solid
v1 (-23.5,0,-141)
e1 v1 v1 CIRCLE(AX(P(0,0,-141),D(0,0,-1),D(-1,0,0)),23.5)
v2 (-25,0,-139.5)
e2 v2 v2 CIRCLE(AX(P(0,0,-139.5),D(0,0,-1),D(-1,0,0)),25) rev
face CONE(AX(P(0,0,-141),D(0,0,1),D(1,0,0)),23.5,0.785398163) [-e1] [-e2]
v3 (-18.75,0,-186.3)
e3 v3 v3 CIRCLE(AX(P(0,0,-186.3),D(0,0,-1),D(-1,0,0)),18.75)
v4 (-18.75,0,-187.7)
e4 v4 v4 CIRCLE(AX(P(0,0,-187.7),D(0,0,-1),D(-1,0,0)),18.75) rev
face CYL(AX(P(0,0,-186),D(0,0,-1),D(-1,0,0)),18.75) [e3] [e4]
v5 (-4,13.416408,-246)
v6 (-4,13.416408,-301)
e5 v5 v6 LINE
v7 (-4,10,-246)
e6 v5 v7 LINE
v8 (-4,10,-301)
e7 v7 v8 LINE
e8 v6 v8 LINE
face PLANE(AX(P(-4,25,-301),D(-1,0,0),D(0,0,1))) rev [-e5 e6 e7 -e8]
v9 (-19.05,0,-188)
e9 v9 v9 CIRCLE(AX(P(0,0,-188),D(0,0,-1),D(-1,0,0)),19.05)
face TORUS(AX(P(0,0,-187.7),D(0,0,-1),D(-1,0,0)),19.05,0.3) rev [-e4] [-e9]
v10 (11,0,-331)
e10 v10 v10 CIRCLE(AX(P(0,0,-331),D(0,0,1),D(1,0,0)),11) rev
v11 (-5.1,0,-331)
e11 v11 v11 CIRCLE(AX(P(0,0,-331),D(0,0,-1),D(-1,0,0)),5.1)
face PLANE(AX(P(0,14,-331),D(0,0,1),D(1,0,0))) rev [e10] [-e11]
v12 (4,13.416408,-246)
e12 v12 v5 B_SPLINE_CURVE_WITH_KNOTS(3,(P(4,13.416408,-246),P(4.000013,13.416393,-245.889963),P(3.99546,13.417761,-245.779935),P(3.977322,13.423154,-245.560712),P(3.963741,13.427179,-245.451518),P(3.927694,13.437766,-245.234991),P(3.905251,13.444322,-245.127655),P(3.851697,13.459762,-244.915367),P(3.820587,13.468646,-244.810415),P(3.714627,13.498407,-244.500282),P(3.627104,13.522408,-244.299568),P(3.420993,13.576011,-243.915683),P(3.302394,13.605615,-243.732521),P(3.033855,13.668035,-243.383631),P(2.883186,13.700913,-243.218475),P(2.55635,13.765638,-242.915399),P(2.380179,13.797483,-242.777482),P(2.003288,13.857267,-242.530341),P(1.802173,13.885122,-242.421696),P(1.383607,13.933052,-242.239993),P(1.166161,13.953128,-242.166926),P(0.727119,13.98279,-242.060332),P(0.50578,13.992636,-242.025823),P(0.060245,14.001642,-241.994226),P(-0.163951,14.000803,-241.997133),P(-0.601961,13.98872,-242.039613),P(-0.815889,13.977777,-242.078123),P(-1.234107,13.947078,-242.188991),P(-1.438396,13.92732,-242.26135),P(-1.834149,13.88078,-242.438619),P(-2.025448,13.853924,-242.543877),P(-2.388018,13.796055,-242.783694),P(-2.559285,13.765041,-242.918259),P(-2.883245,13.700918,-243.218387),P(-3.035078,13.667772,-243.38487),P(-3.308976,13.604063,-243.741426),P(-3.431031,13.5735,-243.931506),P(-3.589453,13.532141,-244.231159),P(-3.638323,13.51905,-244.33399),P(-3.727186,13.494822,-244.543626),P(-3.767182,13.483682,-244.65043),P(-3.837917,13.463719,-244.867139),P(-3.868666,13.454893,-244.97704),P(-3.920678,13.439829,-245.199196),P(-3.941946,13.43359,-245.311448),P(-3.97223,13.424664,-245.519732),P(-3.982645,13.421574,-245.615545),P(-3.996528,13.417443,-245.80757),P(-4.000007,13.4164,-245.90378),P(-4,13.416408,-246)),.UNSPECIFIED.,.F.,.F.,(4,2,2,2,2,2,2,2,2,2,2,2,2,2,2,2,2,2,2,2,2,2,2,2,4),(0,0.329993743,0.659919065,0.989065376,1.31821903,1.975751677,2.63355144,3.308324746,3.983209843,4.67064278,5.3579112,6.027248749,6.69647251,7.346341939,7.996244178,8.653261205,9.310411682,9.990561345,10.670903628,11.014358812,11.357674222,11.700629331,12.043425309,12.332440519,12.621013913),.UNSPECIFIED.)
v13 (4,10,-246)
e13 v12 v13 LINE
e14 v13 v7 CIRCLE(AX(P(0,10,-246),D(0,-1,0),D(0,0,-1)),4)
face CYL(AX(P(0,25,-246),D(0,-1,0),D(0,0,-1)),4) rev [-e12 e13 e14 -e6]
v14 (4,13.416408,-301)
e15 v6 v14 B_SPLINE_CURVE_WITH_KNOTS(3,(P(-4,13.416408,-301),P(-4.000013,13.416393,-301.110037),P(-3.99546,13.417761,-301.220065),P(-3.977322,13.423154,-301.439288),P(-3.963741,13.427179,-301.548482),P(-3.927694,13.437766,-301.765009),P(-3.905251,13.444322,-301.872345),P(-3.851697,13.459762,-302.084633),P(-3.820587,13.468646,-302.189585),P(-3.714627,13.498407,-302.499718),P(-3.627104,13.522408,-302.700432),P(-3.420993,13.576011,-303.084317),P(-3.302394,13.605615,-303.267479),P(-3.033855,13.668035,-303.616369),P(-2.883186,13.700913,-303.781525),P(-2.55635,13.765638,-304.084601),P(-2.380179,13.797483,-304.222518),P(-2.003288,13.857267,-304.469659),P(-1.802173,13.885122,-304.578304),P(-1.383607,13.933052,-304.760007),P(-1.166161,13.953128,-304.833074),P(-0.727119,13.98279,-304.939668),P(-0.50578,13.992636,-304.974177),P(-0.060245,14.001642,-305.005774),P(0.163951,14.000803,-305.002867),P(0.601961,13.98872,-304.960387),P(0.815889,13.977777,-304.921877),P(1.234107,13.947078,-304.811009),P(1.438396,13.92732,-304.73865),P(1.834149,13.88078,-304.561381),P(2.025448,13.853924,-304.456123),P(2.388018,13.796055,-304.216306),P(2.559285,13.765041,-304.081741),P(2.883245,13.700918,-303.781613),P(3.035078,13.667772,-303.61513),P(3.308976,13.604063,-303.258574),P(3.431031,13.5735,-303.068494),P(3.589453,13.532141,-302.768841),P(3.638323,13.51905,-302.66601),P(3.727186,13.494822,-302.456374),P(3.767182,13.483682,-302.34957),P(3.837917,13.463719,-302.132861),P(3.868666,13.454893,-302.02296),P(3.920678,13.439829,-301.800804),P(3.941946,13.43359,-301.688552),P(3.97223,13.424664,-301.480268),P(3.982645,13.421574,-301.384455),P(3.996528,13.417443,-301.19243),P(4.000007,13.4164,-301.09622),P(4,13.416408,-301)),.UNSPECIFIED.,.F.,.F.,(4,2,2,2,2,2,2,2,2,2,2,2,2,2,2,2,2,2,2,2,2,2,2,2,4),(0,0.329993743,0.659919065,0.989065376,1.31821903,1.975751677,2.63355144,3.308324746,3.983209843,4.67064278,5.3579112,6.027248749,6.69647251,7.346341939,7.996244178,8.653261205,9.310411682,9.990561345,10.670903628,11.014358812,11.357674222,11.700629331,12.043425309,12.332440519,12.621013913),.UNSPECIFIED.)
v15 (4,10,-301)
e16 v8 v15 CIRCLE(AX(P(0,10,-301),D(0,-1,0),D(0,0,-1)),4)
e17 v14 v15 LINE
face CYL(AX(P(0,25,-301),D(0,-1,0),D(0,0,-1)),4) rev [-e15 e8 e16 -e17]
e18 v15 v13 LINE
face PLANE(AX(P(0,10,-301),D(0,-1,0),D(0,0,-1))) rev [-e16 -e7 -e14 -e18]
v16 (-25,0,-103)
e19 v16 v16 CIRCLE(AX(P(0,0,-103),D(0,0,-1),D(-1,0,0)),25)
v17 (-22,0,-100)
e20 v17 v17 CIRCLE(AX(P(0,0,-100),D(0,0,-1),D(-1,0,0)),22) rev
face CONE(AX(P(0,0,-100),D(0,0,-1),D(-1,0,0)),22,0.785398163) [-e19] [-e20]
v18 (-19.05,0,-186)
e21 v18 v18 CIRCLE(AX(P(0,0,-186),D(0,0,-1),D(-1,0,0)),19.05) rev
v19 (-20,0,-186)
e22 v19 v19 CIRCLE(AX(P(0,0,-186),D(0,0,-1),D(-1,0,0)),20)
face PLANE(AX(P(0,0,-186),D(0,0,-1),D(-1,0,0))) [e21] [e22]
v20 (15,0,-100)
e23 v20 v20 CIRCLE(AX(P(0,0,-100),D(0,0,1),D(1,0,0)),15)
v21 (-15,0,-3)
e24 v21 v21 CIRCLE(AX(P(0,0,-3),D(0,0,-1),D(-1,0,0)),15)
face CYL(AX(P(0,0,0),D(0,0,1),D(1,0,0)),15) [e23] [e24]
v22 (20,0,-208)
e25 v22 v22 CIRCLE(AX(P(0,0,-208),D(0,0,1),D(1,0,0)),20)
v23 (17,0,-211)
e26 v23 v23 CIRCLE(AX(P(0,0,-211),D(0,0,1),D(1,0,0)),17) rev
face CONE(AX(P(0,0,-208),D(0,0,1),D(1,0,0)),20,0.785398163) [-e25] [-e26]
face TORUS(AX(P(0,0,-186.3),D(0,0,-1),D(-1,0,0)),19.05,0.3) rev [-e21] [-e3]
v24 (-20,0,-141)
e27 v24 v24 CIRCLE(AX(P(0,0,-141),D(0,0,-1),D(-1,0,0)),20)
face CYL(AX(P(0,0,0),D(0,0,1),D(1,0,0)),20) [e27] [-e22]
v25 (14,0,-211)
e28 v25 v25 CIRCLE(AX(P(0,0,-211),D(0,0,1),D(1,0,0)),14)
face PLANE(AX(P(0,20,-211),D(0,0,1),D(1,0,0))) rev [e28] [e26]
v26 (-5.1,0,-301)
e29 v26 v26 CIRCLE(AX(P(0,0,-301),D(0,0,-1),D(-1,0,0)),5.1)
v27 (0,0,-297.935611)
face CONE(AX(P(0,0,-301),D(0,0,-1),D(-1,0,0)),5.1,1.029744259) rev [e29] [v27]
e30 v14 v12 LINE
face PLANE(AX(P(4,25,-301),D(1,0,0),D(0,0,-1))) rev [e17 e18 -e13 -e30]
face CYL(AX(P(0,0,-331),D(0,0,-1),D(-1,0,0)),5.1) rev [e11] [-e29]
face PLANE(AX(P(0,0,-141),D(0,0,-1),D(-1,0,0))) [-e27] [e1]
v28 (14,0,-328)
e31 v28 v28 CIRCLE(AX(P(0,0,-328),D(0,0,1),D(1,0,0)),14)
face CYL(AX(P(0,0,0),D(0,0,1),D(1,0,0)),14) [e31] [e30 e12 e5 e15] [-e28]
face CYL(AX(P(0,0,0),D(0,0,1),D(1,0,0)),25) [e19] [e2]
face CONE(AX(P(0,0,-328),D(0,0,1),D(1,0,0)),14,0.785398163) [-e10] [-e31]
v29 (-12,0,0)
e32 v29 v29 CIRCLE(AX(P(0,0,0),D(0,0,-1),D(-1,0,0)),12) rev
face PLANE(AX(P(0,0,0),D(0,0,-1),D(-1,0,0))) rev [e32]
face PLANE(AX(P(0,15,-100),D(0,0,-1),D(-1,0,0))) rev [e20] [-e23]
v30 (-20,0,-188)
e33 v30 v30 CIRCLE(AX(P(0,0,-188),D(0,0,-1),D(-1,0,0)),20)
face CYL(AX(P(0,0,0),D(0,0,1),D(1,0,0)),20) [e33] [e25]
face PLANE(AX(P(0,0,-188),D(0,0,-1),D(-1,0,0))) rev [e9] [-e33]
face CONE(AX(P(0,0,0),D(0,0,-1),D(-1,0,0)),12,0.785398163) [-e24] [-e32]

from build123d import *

# Parameters (mm, degrees)
CHAMFER_1_SIZE         = 3
HOLE_WIZARD_M121_D     = 10.2
HOLE_WIZARD_M121_DEPTH = 30
HOLE_WIZARD_M121_TIP   = 3.064389157
SKETCH_4_R             = 20
SKETCH_4_R_2           = 18.75
CUT_EXTRUDE_1_DEPTH    = 2
FILLET_1_R             = 0.3
CHAMFER_2_SIZE         = 1.5
CUT_EXTRUDE_2_DEPTH    = 334.782863551
SKETCH_9_R             = 25
SKETCH_9_R_2           = 20
CUT_EXTRUDE_4_DEPTH    = 6
CHAMFER_3_SIZE         = 1.5
CHAMFER_4_SIZE         = 3


with BuildPart() as part:
    # Эскиз1 → Повернуть1 (revolve)
    with BuildSketch(Plane(origin=(0, 0, 0), x_dir=(0, 0, -1), z_dir=(1, 0, 0))):
        Polygon((0, 0), (0, 15), (100, 15), (100, 25), (147, 25), (147, 20), (211, 20), (211, 14), (331, 14), (331, 0), align=None)
    revolve(axis=Axis((0, 0, 0), (0, 0, -1)))

    # Фаска1
    chamfer_1_edges = [part.edges().sort_by_distance(p)[0] for p in [
        (0, -25, -100),
        (0, -15, 0),
        (0, -14, -331),
    ]]
    chamfer(chamfer_1_edges, length=CHAMFER_1_SIZE)

    # Отверстие обработанное метчиком M121
    with Locations(Plane(origin=(0, 0, -331), x_dir=(-1, 0, 0), z_dir=(0, 0, -1))):
        with Locations((0, 0)):
            Hole(HOLE_WIZARD_M121_D / 2, depth=HOLE_WIZARD_M121_DEPTH)
            with Locations((0, 0, -(HOLE_WIZARD_M121_DEPTH + HOLE_WIZARD_M121_TIP / 2))):  # 118° drill point
                Cone(0, HOLE_WIZARD_M121_D / 2, HOLE_WIZARD_M121_TIP, mode=Mode.SUBTRACT)

    # Эскиз4 → Вырез-Вытянуть1 (cut)
    with BuildSketch(Plane(origin=(0, 0, -188), x_dir=(-1, 0, 0), z_dir=(0, 0, -1))):
        Circle(SKETCH_4_R)
        Circle(SKETCH_4_R_2, mode=Mode.SUBTRACT)
    extrude(amount=-CUT_EXTRUDE_1_DEPTH, mode=Mode.SUBTRACT)

    # Скругление1
    fillet_1_edges = [part.edges().sort_by_distance(p)[0] for p in [
        (18.75, 0, -186),
        (18.75, 0, -188),
    ]]
    fillet(fillet_1_edges, radius=FILLET_1_R)

    # Фаска2
    chamfer_2_edges = [part.edges().sort_by_distance(p)[0] for p in [
        (0, -25, -147),
    ]]
    chamfer(chamfer_2_edges, length=CHAMFER_2_SIZE)

    # Эскиз8 → Вырез-Вытянуть2 (cut, through all)
    with BuildSketch(Plane(origin=(0, 10, -331), x_dir=(-1, 0, 0), z_dir=(0, -1, 0))):
        with BuildLine():
            Line((4, -30), (4, -85))
            ThreePointArc((4, -85), (0, -89), (-4, -85))
            Line((-4, -85), (-4, -30))
            ThreePointArc((-4, -30), (0, -26), (4, -30))
        make_face()
    extrude(amount=-CUT_EXTRUDE_2_DEPTH, mode=Mode.SUBTRACT)

    # Эскиз9 → Вырез-Вытянуть4 (cut)
    with BuildSketch(Plane(origin=(0, 0, -147), x_dir=(-1, 0, 0), z_dir=(0, 0, -1))):
        Circle(SKETCH_9_R)
        Circle(SKETCH_9_R_2, mode=Mode.SUBTRACT)
    extrude(amount=-CUT_EXTRUDE_4_DEPTH, mode=Mode.SUBTRACT)

    # Фаска3
    chamfer_3_edges = [part.edges().sort_by_distance(p)[0] for p in [
        (0, -25, -141),
    ]]
    chamfer(chamfer_3_edges, length=CHAMFER_3_SIZE)

    # Фаска4
    chamfer_4_edges = [part.edges().sort_by_distance(p)[0] for p in [
        (0, -20, -211),
    ]]
    chamfer(chamfer_4_edges, length=CHAMFER_4_SIZE)


solid = part.part
